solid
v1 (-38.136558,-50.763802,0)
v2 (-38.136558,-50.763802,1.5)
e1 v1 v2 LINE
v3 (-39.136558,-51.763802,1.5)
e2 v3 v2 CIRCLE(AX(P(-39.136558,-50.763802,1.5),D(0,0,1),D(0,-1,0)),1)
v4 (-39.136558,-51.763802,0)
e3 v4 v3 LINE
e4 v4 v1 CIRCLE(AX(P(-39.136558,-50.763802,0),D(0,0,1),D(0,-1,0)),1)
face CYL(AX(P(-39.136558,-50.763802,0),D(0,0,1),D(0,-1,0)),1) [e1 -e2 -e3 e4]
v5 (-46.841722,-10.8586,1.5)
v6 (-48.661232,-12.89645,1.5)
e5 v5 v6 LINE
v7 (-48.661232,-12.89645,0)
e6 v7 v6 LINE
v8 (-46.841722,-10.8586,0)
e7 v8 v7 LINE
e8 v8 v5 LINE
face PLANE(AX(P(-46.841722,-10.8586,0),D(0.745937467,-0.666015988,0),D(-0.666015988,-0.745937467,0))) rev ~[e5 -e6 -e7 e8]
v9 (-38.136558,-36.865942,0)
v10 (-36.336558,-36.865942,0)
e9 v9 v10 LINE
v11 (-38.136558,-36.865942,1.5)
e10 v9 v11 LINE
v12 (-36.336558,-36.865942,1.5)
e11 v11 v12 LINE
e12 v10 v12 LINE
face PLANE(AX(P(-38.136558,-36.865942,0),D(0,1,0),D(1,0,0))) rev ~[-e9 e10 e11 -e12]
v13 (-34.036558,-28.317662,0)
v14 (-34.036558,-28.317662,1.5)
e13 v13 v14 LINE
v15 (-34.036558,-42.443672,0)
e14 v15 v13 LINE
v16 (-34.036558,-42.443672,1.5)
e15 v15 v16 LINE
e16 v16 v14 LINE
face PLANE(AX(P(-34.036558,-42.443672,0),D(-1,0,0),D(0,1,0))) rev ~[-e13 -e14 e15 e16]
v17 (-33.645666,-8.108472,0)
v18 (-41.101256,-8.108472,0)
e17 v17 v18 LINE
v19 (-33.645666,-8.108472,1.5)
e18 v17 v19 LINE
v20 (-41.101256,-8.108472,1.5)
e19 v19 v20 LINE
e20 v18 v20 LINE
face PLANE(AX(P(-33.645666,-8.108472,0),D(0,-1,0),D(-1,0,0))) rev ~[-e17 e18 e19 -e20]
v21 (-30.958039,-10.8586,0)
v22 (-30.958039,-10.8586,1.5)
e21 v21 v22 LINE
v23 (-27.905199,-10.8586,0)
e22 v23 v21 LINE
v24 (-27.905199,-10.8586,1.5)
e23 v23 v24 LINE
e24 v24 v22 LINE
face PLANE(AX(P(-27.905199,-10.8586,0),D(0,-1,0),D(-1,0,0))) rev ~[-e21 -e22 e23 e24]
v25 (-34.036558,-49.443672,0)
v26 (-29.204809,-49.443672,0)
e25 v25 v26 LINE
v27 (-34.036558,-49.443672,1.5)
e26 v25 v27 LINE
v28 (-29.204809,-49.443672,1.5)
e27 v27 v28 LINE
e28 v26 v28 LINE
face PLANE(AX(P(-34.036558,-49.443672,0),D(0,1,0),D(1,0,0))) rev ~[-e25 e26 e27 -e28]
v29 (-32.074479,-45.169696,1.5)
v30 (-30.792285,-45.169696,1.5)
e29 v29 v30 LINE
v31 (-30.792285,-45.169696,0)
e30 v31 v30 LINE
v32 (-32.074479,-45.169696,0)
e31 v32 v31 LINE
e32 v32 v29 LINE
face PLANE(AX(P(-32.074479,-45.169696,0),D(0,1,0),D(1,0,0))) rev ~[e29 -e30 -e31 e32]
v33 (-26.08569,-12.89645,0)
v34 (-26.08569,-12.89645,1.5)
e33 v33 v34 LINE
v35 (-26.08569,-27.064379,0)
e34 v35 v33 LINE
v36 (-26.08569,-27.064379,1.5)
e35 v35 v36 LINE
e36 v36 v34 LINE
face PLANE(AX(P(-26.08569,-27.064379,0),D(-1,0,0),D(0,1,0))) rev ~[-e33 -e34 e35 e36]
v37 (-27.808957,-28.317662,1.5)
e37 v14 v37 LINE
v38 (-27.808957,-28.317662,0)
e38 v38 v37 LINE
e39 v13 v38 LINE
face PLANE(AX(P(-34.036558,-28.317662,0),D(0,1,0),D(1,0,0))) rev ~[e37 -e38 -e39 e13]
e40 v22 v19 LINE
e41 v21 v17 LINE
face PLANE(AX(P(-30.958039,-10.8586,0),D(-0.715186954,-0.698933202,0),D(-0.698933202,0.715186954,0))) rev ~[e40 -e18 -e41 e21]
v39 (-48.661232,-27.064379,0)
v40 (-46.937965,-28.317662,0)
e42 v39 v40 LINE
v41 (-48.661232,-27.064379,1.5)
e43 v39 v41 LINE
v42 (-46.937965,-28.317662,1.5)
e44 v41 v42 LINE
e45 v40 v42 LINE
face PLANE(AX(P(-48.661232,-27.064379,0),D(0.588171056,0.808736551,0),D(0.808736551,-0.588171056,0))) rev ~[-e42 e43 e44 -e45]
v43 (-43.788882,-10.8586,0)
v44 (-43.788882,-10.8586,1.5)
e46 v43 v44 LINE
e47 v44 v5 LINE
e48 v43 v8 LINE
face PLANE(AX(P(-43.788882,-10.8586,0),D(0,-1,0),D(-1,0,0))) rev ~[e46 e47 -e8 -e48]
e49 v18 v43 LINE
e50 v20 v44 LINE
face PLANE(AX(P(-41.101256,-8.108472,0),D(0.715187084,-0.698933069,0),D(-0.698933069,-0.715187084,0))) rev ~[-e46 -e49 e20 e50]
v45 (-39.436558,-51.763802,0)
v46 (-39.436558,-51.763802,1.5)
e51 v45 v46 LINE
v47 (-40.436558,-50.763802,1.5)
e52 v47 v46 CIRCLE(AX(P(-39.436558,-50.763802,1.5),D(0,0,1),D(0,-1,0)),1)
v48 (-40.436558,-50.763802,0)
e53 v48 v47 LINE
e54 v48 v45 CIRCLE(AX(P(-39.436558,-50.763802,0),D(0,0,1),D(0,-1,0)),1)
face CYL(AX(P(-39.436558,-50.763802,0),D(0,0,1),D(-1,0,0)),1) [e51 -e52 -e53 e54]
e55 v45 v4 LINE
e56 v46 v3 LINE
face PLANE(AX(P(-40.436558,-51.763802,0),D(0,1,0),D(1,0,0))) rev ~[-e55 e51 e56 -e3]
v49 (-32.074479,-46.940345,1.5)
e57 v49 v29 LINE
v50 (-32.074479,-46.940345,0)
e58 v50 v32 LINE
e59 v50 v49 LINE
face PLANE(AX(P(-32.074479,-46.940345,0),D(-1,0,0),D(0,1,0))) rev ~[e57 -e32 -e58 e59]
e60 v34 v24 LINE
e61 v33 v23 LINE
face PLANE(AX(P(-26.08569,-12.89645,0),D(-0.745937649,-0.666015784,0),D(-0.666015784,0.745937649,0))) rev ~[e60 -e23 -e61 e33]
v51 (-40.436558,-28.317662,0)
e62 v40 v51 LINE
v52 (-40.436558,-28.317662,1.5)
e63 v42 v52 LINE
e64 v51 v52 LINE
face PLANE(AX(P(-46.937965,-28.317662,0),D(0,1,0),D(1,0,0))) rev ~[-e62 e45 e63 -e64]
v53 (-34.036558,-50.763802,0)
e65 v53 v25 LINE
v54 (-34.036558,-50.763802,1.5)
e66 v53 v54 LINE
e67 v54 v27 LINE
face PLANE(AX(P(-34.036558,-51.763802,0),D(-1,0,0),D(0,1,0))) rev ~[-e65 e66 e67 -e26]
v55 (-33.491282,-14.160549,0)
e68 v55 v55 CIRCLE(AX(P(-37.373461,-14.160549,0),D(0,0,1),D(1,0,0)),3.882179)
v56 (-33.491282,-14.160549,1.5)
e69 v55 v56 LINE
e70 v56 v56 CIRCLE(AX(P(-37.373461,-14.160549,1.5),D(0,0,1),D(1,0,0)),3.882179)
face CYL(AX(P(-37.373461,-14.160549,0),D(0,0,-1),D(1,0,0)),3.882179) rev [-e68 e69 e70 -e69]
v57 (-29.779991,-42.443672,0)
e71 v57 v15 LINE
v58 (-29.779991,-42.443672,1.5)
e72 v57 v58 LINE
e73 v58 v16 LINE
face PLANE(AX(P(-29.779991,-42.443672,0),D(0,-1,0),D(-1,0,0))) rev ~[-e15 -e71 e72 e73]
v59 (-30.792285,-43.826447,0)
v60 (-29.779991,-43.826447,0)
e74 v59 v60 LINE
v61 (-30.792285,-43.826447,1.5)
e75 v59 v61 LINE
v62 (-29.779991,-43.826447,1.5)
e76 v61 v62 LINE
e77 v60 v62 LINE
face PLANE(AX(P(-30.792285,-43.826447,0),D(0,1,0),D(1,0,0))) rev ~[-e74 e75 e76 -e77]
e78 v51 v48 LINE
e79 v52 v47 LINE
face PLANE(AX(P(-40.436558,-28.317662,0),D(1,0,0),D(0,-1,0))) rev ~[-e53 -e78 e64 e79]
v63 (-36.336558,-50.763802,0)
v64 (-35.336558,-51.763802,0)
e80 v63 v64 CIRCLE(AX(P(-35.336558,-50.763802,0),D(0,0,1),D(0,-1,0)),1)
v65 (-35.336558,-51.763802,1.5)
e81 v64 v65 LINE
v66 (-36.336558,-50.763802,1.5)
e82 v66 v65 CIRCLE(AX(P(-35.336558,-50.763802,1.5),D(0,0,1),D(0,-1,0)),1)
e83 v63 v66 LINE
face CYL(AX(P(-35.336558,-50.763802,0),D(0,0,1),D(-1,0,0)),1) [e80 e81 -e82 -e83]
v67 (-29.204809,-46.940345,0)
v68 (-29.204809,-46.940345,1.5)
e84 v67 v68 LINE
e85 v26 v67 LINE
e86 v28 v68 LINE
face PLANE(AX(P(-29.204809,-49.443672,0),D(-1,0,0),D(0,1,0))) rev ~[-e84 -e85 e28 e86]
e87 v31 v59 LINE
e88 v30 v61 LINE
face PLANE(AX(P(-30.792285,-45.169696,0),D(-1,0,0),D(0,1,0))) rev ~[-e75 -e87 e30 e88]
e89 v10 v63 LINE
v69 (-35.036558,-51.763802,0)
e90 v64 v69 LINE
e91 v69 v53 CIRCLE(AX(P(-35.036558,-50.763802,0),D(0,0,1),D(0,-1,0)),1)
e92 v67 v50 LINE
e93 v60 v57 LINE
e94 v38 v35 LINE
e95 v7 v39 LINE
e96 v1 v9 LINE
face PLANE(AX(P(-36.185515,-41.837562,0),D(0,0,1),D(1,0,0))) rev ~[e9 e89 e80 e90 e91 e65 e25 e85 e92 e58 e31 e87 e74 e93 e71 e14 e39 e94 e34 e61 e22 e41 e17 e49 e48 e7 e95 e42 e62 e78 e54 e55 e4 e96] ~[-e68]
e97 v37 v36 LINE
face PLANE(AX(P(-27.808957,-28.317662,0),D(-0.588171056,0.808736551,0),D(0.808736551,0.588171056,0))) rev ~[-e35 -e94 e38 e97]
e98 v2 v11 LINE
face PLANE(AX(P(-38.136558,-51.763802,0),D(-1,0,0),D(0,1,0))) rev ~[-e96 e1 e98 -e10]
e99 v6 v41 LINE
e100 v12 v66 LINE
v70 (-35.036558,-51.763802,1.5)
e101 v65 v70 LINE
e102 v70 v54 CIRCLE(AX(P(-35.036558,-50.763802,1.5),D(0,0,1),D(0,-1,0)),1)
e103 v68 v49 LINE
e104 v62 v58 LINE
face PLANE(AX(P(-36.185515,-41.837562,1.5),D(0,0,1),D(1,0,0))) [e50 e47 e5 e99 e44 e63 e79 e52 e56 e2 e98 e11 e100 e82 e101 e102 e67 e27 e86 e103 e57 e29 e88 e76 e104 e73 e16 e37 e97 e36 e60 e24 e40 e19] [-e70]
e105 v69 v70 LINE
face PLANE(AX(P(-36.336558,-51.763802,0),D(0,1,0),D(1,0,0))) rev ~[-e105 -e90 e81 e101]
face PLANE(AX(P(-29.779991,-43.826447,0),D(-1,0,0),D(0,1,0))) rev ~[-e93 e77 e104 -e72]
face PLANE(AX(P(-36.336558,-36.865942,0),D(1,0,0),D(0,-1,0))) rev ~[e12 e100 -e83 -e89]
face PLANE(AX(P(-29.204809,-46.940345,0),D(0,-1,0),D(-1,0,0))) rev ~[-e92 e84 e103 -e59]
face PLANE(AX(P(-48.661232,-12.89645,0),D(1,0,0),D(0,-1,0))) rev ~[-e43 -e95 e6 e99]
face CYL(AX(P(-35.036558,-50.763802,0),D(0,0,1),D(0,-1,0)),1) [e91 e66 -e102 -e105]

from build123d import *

# Parameters (mm, degrees)
F0_R     = 3.882179
F1_DEPTH = 1.5
F2_R     = 1


with BuildPart() as f1:
    # F0 (on Top) → F1 (new body)
    with BuildSketch(Plane.XY):
        Polygon((-37.373461, -28.317662), (-40.436558, -28.317662), (-40.436558, -51.763802), (-38.136558, -51.763802), (-38.136558, -36.865942), (-36.336558, -36.865942), (-36.336558, -51.763802), (-34.036558, -51.763802), (-34.036558, -49.443672), (-29.204809, -49.443672), (-29.204809, -46.940345), (-32.074479, -46.940345), (-32.074479, -45.169696), (-30.792285, -45.169696), (-30.792285, -43.826447), (-29.779991, -43.826447), (-29.779991, -42.443672), (-34.036558, -42.443672), (-34.036558, -28.317662), align=None)
        Polygon((-46.937965, -28.317662), (-40.436558, -28.317662), (-37.373461, -28.317662), (-34.036558, -28.317662), (-27.808957, -28.317662), (-26.08569, -27.064379), (-26.08569, -12.89645), (-27.905199, -10.8586), (-30.958039, -10.8586), (-33.645666, -8.108472), (-37.373461, -8.108472), (-41.101256, -8.108472), (-43.788882, -10.8586), (-46.841722, -10.8586), (-48.661232, -12.89645), (-48.661232, -27.064379), align=None)
        with Locations((-37.373461, -14.160549)):
            Circle(F0_R, mode=Mode.SUBTRACT)
    extrude(amount=F1_DEPTH)

    # F2
    f2_edges = [f1.edges().sort_by_distance(p)[0] for p in [
        (-38.136558, -51.763802, 0.75),
        (-36.336558, -51.763802, 0.75),
        (-40.436558, -51.763802, 0.75),
        (-34.036558, -51.763802, 0.75),
    ]]
    fillet(f2_edges, radius=F2_R)


solid = f1.part
